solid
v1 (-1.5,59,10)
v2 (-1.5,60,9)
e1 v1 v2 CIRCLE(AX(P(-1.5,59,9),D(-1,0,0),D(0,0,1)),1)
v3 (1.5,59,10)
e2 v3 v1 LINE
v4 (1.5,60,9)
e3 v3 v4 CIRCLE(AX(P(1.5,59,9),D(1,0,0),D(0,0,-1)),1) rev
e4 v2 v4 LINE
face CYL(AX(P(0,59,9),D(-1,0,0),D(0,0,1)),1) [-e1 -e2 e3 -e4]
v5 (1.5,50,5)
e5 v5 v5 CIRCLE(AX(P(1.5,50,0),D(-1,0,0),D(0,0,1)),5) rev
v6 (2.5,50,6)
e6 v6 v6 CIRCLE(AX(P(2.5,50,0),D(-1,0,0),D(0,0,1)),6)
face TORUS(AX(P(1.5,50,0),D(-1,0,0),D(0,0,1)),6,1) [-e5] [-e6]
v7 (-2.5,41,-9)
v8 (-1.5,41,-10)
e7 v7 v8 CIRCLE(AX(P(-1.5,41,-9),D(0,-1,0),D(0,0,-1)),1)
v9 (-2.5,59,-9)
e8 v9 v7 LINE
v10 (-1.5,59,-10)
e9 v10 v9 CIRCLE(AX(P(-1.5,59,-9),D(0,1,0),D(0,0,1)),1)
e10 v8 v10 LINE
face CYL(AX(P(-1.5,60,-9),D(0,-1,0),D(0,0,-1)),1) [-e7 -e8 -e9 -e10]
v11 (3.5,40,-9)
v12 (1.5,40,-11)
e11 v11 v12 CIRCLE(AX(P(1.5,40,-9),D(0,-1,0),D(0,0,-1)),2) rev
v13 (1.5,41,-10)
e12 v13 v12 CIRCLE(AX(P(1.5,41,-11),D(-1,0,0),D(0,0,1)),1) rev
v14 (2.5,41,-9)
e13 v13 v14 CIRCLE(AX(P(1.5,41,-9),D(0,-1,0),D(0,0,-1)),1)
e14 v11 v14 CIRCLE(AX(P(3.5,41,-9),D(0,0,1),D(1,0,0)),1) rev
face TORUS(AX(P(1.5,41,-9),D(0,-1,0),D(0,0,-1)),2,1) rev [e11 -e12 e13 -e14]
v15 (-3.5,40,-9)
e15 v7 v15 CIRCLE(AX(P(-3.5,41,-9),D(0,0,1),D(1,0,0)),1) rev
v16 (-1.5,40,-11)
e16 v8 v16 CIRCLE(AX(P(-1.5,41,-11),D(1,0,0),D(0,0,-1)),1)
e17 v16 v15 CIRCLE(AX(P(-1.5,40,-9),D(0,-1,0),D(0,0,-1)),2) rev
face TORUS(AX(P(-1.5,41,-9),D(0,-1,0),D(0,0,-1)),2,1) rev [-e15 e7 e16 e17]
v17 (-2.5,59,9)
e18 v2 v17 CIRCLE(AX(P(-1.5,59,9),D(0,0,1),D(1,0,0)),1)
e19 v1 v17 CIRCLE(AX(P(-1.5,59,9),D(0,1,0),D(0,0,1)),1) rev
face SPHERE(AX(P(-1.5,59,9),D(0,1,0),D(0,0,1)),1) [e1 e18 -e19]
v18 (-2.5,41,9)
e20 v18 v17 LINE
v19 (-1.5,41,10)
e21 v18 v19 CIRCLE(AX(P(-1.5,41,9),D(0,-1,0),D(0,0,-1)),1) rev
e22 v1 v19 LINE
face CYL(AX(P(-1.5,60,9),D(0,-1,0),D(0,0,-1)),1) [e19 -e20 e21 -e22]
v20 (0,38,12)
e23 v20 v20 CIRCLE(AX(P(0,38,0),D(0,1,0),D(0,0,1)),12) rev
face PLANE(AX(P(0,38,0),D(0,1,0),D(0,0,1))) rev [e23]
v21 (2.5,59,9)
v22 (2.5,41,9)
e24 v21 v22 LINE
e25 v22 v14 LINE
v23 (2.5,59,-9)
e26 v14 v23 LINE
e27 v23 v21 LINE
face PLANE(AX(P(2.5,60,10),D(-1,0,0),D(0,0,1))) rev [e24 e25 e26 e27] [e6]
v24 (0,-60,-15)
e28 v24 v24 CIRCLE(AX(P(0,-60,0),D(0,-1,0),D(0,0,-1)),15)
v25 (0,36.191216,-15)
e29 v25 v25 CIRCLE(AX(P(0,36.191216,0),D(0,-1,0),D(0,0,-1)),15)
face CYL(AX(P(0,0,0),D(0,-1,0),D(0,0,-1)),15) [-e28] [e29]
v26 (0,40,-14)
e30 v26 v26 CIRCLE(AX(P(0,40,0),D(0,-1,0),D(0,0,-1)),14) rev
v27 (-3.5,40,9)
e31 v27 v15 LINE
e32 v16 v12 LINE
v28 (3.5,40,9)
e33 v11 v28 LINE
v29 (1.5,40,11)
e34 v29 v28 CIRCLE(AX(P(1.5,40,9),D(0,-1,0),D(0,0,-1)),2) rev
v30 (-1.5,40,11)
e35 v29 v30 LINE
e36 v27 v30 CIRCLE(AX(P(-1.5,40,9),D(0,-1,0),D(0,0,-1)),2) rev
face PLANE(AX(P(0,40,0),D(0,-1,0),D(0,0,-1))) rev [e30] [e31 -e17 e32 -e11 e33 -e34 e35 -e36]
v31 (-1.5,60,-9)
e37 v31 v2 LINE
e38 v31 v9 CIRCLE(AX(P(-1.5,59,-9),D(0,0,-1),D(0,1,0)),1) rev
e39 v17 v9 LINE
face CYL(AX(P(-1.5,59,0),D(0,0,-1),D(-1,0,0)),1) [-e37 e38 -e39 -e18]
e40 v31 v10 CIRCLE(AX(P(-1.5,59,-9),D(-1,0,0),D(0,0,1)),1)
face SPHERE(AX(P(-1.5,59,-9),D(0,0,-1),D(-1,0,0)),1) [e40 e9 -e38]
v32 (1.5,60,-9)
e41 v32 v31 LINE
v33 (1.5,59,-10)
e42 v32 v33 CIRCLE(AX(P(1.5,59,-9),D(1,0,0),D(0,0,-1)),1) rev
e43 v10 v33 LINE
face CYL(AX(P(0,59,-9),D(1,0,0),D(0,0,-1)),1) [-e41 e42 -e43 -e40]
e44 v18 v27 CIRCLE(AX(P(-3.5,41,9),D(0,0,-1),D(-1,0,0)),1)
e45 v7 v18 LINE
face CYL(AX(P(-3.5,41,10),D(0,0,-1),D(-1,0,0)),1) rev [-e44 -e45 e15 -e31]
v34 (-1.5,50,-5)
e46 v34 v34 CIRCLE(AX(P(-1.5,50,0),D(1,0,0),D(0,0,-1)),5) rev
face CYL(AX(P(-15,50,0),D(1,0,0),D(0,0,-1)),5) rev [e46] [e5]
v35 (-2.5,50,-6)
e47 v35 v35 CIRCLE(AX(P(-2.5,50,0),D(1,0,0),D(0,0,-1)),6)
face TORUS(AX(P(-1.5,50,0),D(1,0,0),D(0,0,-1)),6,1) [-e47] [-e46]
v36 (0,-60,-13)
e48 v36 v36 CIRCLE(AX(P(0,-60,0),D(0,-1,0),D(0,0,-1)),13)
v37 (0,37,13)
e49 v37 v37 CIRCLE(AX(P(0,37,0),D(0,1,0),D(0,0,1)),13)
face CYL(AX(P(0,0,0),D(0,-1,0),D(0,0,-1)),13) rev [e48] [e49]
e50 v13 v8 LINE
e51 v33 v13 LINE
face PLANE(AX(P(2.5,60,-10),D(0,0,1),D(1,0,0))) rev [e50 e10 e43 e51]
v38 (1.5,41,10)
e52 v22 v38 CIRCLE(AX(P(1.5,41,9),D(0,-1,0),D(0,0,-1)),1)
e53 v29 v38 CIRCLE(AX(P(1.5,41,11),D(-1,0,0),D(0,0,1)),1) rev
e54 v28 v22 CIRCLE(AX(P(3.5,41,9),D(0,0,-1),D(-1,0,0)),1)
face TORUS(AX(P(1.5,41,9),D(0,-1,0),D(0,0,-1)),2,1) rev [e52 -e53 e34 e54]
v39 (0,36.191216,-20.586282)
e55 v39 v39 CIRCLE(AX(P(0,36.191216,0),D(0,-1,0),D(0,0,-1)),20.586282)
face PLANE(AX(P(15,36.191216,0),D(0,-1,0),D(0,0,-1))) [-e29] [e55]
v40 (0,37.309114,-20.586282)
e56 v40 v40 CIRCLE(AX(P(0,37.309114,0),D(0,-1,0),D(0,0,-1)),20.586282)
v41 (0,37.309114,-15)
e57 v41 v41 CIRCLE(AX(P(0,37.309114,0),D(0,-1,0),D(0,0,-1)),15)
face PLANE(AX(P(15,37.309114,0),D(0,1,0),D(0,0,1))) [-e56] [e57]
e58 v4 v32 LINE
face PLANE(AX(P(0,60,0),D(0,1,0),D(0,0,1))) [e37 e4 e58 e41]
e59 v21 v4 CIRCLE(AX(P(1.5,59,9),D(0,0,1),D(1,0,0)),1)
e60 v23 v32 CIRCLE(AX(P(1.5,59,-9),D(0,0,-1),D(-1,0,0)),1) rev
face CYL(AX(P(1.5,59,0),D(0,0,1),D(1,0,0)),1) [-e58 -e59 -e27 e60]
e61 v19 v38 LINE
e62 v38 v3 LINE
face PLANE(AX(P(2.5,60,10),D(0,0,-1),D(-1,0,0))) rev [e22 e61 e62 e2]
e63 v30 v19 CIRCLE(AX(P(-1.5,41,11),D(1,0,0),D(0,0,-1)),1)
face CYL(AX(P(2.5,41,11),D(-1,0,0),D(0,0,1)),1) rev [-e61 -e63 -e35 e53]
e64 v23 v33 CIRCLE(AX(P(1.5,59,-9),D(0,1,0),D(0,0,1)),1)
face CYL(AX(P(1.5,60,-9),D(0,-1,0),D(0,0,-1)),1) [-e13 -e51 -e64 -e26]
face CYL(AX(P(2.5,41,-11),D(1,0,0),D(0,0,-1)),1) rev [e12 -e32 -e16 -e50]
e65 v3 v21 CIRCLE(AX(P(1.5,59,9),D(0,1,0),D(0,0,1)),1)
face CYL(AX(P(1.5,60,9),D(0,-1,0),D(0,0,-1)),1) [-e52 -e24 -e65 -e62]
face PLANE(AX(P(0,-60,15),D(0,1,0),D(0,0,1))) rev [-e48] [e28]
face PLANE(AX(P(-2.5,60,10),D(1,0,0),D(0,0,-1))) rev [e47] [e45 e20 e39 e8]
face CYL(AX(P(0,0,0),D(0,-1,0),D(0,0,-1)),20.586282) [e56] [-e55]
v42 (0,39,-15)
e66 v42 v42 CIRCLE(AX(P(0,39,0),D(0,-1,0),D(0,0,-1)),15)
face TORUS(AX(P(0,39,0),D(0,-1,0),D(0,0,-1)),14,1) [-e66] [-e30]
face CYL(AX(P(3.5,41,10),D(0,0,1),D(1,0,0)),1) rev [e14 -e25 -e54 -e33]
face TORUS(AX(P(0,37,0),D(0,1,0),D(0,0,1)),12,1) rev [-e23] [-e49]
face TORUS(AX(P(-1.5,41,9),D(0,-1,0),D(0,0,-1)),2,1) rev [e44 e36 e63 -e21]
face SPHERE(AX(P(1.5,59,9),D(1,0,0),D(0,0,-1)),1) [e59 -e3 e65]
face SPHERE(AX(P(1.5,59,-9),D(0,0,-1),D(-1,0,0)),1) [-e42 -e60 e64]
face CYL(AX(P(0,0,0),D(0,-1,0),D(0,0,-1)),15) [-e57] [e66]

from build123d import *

# Parameters (mm, degrees)
SKETCH2_W               = 5
SKETCH2_H               = 20
BOSS_EXTRUDE1_DEPTH     = 20
CUT_EXTRUDE1_DEPTH      = 65.274800661
CUT_EXTRUDE1_DEPTH_BACK = 65.274800661
SKETCH3_R               = 5
FILLET2_R               = 1
SKETCH4_W               = 5.586282465
SKETCH4_H               = 1.117897551


with BuildPart() as part:
    # Sketch1 → Revolve1 (revolve)
    with BuildSketch(Plane(origin=(0, 0, 0), x_dir=(0, 0, -1), z_dir=(1, 0, 0)), mode=Mode.PRIVATE) as revolve1_sk:
        Polygon((-15, 40), (-15, -60), (-13, -60), (-13, 38), (0, 38), (0, 40), align=None)
    revolve(revolve1_sk.sketch.rotate(Axis((0, 0, 0), (0, 1, 0)), 180), axis=Axis((0, 0, 0), (0, 1, 0)))

    # Sketch2 → Boss-Extrude1 (add)
    with BuildSketch(Plane(origin=(0, 40, 0), x_dir=(1, 0, 0), z_dir=(0, 1, 0))):
        Rectangle(SKETCH2_W, SKETCH2_H)
    extrude(amount=BOSS_EXTRUDE1_DEPTH)

    # Sketch3 → Cut-Extrude1 (cut, two sides: drawn at the far end of the back side and taken through both)
    with BuildSketch(Plane(origin=(2.5, 0, 0), x_dir=(0, 0, -1), z_dir=(1, 0, 0)).offset(-CUT_EXTRUDE1_DEPTH_BACK)):
        with Locations((0, 50)):
            Circle(SKETCH3_R)
    extrude(amount=CUT_EXTRUDE1_DEPTH + CUT_EXTRUDE1_DEPTH_BACK, mode=Mode.SUBTRACT)

    # Fillet2
    fillet2_edges = [part.edges().sort_by_distance(p)[0] for p in [
        (-2.5, 40, 0),
        (-2.5, 50, -10),
        (0, 40, 10),
        (-2.5, 50, 10),
        (2.5, 40, 0),
        (2.5, 50, 10),
        (0, 40, -10),
        (2.5, 50, -10),
        (-2.5, 60, 0),
        (0, 60, 10),
        (2.5, 60, 0),
        (0, 60, -10),
        (2.5, 50, 5),
        (-2.5, 50, 5),
        (0, 38, 13),
        (0, 40, 15),
    ]]
    fillet(fillet2_edges, radius=FILLET2_R)

    # Sketch4 → Revolve2 (revolve)
    with BuildSketch(Plane.XY, mode=Mode.PRIVATE) as revolve2_sk:
        with Locations((17.793141233, 36.750165078)):
            Rectangle(SKETCH4_W, SKETCH4_H)
    revolve(revolve2_sk.sketch.rotate(Axis((0, 0, 0), (0, 1, 0)), 90), axis=Axis((0, 0, 0), (0, 1, 0)))


solid = part.part
